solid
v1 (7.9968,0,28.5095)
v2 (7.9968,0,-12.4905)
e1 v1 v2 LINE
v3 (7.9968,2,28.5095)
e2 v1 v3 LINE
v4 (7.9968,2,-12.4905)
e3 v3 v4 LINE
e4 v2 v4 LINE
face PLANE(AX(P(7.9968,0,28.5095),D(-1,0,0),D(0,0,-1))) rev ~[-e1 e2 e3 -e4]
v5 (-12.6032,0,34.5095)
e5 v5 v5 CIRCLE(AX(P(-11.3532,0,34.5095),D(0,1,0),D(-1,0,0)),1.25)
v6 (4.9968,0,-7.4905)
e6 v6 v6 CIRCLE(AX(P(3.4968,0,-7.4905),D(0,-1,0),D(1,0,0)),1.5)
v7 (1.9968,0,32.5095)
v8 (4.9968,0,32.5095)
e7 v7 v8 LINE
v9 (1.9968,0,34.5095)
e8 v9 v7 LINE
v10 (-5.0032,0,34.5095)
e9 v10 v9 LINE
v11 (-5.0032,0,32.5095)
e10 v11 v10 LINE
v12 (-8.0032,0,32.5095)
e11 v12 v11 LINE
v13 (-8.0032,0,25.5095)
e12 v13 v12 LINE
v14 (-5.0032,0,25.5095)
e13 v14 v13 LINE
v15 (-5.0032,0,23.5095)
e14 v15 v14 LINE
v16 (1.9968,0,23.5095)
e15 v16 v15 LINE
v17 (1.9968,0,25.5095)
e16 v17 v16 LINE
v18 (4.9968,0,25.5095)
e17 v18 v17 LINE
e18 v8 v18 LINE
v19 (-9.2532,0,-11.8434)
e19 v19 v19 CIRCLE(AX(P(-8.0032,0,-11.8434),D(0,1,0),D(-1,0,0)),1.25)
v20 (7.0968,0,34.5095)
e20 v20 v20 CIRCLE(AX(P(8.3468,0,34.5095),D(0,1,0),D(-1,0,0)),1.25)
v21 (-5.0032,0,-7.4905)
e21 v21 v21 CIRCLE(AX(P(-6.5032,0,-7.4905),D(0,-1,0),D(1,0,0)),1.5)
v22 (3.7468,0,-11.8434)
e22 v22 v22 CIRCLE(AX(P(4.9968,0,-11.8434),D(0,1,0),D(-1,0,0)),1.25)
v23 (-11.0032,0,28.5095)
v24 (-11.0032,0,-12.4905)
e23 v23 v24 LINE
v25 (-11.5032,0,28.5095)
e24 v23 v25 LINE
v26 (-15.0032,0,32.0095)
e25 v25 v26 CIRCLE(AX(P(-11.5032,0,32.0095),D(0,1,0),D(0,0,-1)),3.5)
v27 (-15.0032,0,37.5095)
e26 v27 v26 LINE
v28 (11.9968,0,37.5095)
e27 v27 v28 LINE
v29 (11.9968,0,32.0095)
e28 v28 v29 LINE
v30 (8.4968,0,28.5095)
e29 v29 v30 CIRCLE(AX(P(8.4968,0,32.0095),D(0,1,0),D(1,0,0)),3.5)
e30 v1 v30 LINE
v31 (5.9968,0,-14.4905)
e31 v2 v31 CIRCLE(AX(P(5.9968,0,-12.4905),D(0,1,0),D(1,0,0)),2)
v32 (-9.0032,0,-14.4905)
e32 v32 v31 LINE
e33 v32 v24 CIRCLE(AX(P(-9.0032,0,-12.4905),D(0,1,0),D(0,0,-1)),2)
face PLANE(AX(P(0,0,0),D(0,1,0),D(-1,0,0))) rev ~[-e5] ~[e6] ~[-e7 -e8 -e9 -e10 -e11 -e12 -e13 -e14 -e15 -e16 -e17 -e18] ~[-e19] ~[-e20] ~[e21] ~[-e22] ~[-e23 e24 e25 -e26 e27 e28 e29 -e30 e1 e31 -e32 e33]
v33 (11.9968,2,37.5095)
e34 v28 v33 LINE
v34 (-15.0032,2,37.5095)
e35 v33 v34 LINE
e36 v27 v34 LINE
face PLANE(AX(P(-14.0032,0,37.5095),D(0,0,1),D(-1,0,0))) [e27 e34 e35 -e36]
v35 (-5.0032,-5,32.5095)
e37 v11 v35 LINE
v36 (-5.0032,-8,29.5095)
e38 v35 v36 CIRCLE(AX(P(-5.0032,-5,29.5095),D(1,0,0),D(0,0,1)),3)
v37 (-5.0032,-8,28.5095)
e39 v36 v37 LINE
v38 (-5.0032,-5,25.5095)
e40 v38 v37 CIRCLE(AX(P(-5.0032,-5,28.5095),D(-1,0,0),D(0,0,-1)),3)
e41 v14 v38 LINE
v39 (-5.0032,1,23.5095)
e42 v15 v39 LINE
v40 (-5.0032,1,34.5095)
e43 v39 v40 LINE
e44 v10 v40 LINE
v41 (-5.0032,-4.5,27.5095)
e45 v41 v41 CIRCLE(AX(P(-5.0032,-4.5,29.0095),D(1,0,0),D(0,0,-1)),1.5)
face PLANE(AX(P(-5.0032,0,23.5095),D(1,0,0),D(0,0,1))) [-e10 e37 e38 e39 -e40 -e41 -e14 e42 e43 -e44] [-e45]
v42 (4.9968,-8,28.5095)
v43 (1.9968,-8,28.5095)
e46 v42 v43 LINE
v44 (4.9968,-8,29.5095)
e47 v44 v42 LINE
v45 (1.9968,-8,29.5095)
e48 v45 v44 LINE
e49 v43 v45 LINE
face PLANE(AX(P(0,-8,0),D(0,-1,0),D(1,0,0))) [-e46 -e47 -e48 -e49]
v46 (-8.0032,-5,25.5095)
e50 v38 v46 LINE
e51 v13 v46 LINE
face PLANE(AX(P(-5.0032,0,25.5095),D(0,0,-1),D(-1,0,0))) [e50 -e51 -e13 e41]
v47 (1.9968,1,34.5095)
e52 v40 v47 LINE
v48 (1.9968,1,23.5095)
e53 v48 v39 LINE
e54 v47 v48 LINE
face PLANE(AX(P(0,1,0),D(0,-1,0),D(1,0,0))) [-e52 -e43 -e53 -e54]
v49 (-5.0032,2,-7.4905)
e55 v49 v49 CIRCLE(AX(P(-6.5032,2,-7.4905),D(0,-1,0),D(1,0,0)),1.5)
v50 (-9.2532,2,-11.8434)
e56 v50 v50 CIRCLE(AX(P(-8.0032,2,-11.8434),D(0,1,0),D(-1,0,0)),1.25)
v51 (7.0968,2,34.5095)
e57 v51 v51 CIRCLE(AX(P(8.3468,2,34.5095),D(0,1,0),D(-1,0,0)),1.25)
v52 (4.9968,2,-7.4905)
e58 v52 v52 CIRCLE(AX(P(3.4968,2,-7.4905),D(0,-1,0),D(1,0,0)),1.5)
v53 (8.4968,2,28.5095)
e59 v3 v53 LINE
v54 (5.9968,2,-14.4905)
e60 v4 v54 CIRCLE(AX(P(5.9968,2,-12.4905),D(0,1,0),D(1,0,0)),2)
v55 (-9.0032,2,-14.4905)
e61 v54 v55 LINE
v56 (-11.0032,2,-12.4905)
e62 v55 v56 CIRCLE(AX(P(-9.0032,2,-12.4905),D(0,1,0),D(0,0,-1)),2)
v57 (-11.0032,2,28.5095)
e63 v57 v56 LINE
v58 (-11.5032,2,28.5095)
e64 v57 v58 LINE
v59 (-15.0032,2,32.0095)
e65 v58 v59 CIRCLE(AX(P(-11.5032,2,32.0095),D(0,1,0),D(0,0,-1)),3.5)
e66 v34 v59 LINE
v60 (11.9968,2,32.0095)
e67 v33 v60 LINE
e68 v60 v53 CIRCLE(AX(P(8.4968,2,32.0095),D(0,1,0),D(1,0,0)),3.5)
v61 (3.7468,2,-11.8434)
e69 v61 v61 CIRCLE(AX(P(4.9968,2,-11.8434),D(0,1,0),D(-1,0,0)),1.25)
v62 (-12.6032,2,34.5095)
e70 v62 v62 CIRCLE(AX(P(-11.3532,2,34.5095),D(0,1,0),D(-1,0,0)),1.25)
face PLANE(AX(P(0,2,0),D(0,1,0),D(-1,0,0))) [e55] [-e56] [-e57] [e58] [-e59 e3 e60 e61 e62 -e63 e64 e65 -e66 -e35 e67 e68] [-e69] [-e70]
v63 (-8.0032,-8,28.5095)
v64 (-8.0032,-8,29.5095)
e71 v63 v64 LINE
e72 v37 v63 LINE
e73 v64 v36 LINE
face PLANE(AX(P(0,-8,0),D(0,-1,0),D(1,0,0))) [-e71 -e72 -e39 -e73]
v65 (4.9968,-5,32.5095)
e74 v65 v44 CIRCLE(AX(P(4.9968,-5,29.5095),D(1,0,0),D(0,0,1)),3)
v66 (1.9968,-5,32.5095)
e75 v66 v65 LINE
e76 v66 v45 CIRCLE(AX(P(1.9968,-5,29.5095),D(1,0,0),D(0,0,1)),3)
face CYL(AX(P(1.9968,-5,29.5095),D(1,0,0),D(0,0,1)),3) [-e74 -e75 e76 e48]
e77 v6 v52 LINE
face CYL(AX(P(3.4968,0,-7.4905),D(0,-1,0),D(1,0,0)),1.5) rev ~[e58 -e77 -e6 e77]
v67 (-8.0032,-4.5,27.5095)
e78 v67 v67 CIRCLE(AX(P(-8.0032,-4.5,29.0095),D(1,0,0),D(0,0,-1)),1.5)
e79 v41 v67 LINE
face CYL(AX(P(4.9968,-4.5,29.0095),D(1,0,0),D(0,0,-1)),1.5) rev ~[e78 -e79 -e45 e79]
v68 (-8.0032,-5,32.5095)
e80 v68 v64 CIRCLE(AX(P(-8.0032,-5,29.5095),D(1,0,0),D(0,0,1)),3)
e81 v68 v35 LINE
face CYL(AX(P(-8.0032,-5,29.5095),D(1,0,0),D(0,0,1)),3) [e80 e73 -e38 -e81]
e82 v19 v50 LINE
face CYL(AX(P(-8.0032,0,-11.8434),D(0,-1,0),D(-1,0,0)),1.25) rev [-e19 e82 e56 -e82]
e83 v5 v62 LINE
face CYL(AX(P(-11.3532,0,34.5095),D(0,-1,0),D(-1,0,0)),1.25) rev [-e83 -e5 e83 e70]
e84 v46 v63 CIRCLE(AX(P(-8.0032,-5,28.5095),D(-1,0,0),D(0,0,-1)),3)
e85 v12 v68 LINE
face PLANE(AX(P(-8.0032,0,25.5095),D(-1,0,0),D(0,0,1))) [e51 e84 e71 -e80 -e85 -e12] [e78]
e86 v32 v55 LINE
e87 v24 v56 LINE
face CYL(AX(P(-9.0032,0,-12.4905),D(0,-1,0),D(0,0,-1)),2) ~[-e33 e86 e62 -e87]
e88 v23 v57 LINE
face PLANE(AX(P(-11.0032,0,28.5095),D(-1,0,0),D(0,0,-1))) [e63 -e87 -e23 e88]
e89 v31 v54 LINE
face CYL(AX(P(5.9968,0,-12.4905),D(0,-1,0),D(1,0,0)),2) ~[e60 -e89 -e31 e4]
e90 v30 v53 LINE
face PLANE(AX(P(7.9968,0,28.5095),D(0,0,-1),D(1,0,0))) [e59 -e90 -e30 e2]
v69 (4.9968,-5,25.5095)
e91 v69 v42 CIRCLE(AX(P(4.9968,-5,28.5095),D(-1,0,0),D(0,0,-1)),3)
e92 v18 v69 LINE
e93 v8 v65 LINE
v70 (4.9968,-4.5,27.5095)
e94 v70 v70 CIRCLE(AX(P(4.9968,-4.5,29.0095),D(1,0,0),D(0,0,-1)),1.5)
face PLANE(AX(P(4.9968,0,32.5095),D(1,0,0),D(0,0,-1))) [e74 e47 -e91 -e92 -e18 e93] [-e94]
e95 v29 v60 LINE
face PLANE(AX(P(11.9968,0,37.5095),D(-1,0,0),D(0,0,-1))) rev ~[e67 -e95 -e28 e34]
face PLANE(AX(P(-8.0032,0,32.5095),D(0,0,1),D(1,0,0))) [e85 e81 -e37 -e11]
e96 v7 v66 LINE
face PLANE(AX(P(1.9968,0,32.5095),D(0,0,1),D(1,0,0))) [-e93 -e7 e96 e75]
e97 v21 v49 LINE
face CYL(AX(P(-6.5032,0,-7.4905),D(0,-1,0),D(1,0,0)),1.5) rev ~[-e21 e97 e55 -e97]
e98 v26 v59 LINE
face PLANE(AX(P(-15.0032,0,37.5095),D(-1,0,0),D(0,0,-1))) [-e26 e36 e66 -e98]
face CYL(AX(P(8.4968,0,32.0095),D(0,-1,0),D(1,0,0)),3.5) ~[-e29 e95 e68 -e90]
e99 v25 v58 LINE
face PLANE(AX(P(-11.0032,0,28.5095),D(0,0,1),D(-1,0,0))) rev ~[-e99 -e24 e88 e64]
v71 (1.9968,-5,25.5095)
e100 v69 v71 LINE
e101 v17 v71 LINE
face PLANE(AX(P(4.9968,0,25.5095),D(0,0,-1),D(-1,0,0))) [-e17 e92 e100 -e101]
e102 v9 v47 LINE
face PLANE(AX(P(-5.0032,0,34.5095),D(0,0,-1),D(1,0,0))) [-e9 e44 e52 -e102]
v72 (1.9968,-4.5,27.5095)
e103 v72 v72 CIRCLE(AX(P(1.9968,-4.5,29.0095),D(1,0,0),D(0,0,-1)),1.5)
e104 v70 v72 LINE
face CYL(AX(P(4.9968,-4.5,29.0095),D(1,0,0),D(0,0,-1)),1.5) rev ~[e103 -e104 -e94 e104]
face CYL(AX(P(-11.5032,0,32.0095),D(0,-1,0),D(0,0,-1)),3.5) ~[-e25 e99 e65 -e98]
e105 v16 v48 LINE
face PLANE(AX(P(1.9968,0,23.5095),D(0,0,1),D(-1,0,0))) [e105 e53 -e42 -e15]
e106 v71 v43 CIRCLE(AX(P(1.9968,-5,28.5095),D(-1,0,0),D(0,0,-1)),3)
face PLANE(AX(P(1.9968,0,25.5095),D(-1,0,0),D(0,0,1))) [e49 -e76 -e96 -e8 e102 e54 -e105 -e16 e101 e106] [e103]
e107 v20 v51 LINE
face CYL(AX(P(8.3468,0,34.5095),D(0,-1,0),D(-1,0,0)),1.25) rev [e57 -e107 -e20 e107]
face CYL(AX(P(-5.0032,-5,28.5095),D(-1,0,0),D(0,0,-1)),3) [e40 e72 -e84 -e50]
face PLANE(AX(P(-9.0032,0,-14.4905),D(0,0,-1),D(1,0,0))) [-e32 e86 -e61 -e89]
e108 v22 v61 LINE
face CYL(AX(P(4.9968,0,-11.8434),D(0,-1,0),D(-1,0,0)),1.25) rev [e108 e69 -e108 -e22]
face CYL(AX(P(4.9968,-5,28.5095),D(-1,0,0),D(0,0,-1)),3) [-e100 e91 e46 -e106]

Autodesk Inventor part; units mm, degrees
ref_plane "YZ Plane" through (0, 0, 0) normal (1, 0, 0) x (0, 1, 0)
ref_plane "XZ Plane" through (0, 0, 0) normal (0, 1, 0) x (-1, 0, 0)
ref_plane "XY Plane" through (0, 0, 0) normal (0, 0, 1) x (1, 0, 0)
sketch "Sketch1" plane through (0, 0, 0) normal (0, 1, 0) x (-1, 0, 0)
  line L0 (-6.9968, -12.4905) -> (-6.9968, 29.5095)
  line L1 (-6.9968, 29.5095) -> (-8.4968, 29.5095)
  line L2 (-7.9968, 46.0095) -> (-7.9968, 38.5095)
  line L3 (-7.9968, 38.5095) -> (-7.9968, 46.0095)
  arc A0 (-7.9968, 46.0095) -> (-9.4968, 47.5095) centre (-9.4968, 46.0095) ccw
  arc A1 (-7.9968, 46.0095) -> (-9.4968, 47.5095) centre (-9.4968, 46.0095) ccw
  line L4 (-9.4968, 47.5095) -> (-10.4968, 47.5095)
  line L5 (-9.4968, 47.5095) -> (-10.4968, 47.5095)
  line L6 (-11.9968, 46.0095) -> (-11.9968, 32.0095)
  arc A2 (-10.4968, 47.5095) -> (-11.9968, 46.0095) centre (-10.4968, 46.0095) ccw
  arc A3 (-11.9968, 32.0095) -> (-8.4968, 28.5095) centre (-8.4968, 32.0095) ccw
  line L7 (-11.9968, 46.0095) -> (-11.9968, 32.0095)
  arc A4 (-10.9968, 32.0095) -> (-8.4968, 29.5095) centre (-7.6108, 32.8955) ccw
  line L8 (-7.9968, 28.5095) -> (-7.9968, -12.4905)
  line L9 (-7.9968, 28.5095) -> (-8.4968, 28.5095)
  line L10 (-7.9968, 28.5095) -> (-8.4968, 28.5095)
  arc A5 (-11.9968, 32.0095) -> (-8.4968, 28.5095) centre (-8.4968, 32.0095) ccw
  line L11 (-8.4968, 28.5095) -> (-7.9968, 28.5095)
  line L12 (-7.9968, 28.5095) -> (-7.9968, -12.4905)
  arc A6 (-6.9968, -12.4905) -> (-5.8853, -13.4905) centre (-5.7634, -12.2372) ccw
  arc A7 (-7.9968, -12.4905) -> (-5.9968, -14.4905) centre (-5.9968, -12.4905) ccw
  arc A8 (-7.9968, -12.4905) -> (-5.9968, -14.4905) centre (-6.0394, -12.533) ccw
  line L13 (-5.9968, -14.4905) -> (1.5032, -14.4905)
  line L14 (1.5032, -14.4905) -> (1.5032, -16.2241)
  line L15 (-10.9968, 37.5095) -> (-10.9968, 32.0095)
  line L16 (-5.8853, -13.4905) -> (1.5032, -13.4905)
  line L17 (5.0532, -13.4905) -> (-2.0468, -13.4905)
  line L18 (-10.9968, 37.5095) -> (1.5032, 37.5095)
  line L19 (-7.9968, 38.5095) -> (1.5032, 38.5095)
  line L20 (10.0032, 29.5095) -> (11.5032, 29.5095)
  arc A9 (11.5032, 29.5095) -> (14.0032, 32.0095) centre (10.6172, 32.8955) ccw
  line L21 (14.0032, 37.5095) -> (14.0032, 32.0095)
  line L22 (14.0032, 37.5095) -> (1.5032, 37.5095)
  line L23 (11.0032, 38.5095) -> (1.5032, 38.5095)
  line L24 (11.0032, 38.5095) -> (11.0032, 46.0095)
  arc A10 (12.5032, 47.5095) -> (11.0032, 46.0095) centre (12.5032, 46.0095) ccw
  line L25 (12.5032, 47.5095) -> (13.5032, 47.5095)
  arc A11 (15.0032, 46.0095) -> (13.5032, 47.5095) centre (13.5032, 46.0095) ccw
  line L26 (15.0032, 46.0095) -> (15.0032, 32.0095)
  arc A12 (11.5032, 28.5095) -> (15.0032, 32.0095) centre (11.5032, 32.0095) ccw
  line L27 (11.0032, 28.5095) -> (11.5032, 28.5095)
  line L28 (11.0032, 28.5095) -> (11.0032, -12.4905)
  line L29 (10.0032, -12.4905) -> (10.0032, 29.5095)
  line L30 (8.8916, -13.4905) -> (1.5032, -13.4905)
  line L31 (9.0032, -14.4905) -> (1.5032, -14.4905)
  arc A13 (9.0032, -14.4905) -> (11.0032, -12.4905) centre (9.0032, -12.4905) ccw
  arc A14 (8.8916, -13.4905) -> (10.0032, -12.4905) centre (8.7697, -12.2372) ccw
  circle A15 centre (11.3532, 34.5095) radius 1.25
  circle A16 centre (11.3532, 34.5095) radius 1.25
  circle A17 centre (-8.3468, 34.5095) radius 1.25
  circle A18 centre (-8.3468, 34.5095) radius 1.25
  circle A19 centre (8.0032, -11.8434) radius 1.25
  circle A20 centre (8.0032, -11.8434) radius 1.25
  circle A21 centre (-4.9968, -11.8434) radius 1.25
  circle A22 centre (-4.9968, -11.8434) radius 1.25
  line L32 (-10.9968, 37.5095) -> (-11.9968, 37.5095)
  line L33 (14.0032, 37.5095) -> (15.0032, 37.5095)
  line L34 (15.0032, 37.5095) -> (15.0032, 46.0095)
  line L35 (-11.9968, 37.5095) -> (-11.9968, 46.0095)
  point P0 (0, 0)
  point P1 (5.0518, -13.4905)
  point P2 (-2.0454, -13.4905)
  point P3 (-2.0454, 37.5095)
  point P4 (5.0518, 37.5095)
  dimension "d11" = 2.5
  dimension "d6" = 3.5
  dimension "d7" = 1
  dimension "d8" = 1
  dimension "d9" = 3.5
  dimension "d10" = 0
extrude "Extrusion1" add sketch "Sketch1" along normal blind 2 contours A6 L16 L17 L30 A14 L29 L20 A9 L21 L33 L26 A12 L27 L28 A13 L31 L13 A7 L8 L9 A3 L6 L32 L15 A4 L1 L0 | L0 L1 A4 L15 L18 L22 L21 A9 L20 L29 A14 L30 L17 L16 A6
sketch "Sketch2" plane through (0, 0, 0) normal (0, -1, 0) x (1, 0, 0)
  line L0 (4.9968, 25.5095) -> (1.9968, 25.5095)
  line L1 (1.9968, 25.5095) -> (1.9968, 32.5095)
  line L2 (1.9968, 32.5095) -> (4.9968, 32.5095)
  line L3 (4.9968, 32.5095) -> (4.9968, 25.5095)
  line L4 (-5.0032, 25.5095) -> (-8.0032, 25.5095)
  line L5 (-8.0032, 25.5095) -> (-8.0032, 32.5095)
  line L6 (-8.0032, 32.5095) -> (-5.0032, 32.5095)
  line L7 (-5.0032, 32.5095) -> (-5.0032, 25.5095)
  line L8 (-8.8916, -13.4905) -> (5.8853, -13.4905) projected
  line L9 (-15.0032, 37.5095) -> (11.9968, 37.5095) projected
  line L10 (-11.0032, -12.4905) -> (-11.0032, 28.5095) projected
  point P0 (0, 0)
  point P1 (10.9968, 37.5095)
  point P2 (-14.0032, 37.5095)
  dimension "d15" = 7
  dimension "d18" = 3
  dimension "d21" = 7
  dimension "d32" = 3
  dimension "d36" = 5
  dimension "d41" = 3
extrude "Extrusion2" add sketch "Sketch2" along normal blind 8
fillet "Fillet1" radius 3 4 edges at (-6.5032, -8, 32.5095) (-6.5032, -8, 25.5095) (3.4968, -8, 32.5095) (3.4968, -8, 25.5095)
sketch "Sketch4" plane through (0, 0, 0) normal (0, -1, 0) x (1, 0, 0)
  line L0 (1.9968, 23.5095) -> (-5.0032, 23.5095)
  line L1 (-5.0032, 23.5095) -> (-5.0032, 34.5095)
  line L2 (-5.0032, 34.5095) -> (1.9968, 34.5095)
  line L3 (1.9968, 34.5095) -> (1.9968, 23.5095)
  line L4 (-5.0032, 32.5095) -> (-8.0032, 32.5095) projected
  line L5 (-5.0032, 25.5095) -> (-8.0032, 25.5095) projected
  point P0 (0, 0)
  dimension "d37" = 2
  dimension "d38" = 2
extrude "Extrusion4" cut sketch "Sketch4" against normal blind 1
sketch "Sketch5" plane through (4.9968, 0, 32.5095) normal (1, 0, 0) x (0, 0, -1)
  circle A0 centre (3.5, -4.5) radius 1.5
  line L0 (4, 0) -> (45, 0) projected
  line L1 (7, 0) -> (7, -5) projected
  line L2 (0, 0) -> (0, -5) projected
  point P0 (32.5095, 0)
  dimension "d42" = 3
  dimension "d43" = 4.5
  dimension "d44" = 3.5
  dimension "d45" = 3.5
extrude "Extrusion5" cut sketch "Sketch5" against normal blind 15
sketch "Sketch6" plane through (0, 0, 0) normal (0, -1, 0) x (1, 0, 0)
  line L0 (5.9968, -14.4905) -> (-9.0032, -14.4905) projected
  line L1 (-1.5032, -14.4905) -> (-1.5032, -0.2916)
  line L2 (-1.5032, -7.4905) -> (-6.5032, -7.4905)
  circle A0 centre (-6.5032, -7.4905) radius 1.5
  circle A1 centre (3.4968, -7.4905) radius 1.5
  point P0 (0, 0)
  dimension "d48" = 3
  dimension "d49" = 5
  dimension "d52" = 7
extrude "Extrusion6" cut sketch "Sketch6" against normal blind 3
equation "\"d6\" = d9"
equation "\"d7\" = d12"
equation "\"d8\" = d12"
equation "\"d32\" = d18"
equation "\"d12\" = 1"
